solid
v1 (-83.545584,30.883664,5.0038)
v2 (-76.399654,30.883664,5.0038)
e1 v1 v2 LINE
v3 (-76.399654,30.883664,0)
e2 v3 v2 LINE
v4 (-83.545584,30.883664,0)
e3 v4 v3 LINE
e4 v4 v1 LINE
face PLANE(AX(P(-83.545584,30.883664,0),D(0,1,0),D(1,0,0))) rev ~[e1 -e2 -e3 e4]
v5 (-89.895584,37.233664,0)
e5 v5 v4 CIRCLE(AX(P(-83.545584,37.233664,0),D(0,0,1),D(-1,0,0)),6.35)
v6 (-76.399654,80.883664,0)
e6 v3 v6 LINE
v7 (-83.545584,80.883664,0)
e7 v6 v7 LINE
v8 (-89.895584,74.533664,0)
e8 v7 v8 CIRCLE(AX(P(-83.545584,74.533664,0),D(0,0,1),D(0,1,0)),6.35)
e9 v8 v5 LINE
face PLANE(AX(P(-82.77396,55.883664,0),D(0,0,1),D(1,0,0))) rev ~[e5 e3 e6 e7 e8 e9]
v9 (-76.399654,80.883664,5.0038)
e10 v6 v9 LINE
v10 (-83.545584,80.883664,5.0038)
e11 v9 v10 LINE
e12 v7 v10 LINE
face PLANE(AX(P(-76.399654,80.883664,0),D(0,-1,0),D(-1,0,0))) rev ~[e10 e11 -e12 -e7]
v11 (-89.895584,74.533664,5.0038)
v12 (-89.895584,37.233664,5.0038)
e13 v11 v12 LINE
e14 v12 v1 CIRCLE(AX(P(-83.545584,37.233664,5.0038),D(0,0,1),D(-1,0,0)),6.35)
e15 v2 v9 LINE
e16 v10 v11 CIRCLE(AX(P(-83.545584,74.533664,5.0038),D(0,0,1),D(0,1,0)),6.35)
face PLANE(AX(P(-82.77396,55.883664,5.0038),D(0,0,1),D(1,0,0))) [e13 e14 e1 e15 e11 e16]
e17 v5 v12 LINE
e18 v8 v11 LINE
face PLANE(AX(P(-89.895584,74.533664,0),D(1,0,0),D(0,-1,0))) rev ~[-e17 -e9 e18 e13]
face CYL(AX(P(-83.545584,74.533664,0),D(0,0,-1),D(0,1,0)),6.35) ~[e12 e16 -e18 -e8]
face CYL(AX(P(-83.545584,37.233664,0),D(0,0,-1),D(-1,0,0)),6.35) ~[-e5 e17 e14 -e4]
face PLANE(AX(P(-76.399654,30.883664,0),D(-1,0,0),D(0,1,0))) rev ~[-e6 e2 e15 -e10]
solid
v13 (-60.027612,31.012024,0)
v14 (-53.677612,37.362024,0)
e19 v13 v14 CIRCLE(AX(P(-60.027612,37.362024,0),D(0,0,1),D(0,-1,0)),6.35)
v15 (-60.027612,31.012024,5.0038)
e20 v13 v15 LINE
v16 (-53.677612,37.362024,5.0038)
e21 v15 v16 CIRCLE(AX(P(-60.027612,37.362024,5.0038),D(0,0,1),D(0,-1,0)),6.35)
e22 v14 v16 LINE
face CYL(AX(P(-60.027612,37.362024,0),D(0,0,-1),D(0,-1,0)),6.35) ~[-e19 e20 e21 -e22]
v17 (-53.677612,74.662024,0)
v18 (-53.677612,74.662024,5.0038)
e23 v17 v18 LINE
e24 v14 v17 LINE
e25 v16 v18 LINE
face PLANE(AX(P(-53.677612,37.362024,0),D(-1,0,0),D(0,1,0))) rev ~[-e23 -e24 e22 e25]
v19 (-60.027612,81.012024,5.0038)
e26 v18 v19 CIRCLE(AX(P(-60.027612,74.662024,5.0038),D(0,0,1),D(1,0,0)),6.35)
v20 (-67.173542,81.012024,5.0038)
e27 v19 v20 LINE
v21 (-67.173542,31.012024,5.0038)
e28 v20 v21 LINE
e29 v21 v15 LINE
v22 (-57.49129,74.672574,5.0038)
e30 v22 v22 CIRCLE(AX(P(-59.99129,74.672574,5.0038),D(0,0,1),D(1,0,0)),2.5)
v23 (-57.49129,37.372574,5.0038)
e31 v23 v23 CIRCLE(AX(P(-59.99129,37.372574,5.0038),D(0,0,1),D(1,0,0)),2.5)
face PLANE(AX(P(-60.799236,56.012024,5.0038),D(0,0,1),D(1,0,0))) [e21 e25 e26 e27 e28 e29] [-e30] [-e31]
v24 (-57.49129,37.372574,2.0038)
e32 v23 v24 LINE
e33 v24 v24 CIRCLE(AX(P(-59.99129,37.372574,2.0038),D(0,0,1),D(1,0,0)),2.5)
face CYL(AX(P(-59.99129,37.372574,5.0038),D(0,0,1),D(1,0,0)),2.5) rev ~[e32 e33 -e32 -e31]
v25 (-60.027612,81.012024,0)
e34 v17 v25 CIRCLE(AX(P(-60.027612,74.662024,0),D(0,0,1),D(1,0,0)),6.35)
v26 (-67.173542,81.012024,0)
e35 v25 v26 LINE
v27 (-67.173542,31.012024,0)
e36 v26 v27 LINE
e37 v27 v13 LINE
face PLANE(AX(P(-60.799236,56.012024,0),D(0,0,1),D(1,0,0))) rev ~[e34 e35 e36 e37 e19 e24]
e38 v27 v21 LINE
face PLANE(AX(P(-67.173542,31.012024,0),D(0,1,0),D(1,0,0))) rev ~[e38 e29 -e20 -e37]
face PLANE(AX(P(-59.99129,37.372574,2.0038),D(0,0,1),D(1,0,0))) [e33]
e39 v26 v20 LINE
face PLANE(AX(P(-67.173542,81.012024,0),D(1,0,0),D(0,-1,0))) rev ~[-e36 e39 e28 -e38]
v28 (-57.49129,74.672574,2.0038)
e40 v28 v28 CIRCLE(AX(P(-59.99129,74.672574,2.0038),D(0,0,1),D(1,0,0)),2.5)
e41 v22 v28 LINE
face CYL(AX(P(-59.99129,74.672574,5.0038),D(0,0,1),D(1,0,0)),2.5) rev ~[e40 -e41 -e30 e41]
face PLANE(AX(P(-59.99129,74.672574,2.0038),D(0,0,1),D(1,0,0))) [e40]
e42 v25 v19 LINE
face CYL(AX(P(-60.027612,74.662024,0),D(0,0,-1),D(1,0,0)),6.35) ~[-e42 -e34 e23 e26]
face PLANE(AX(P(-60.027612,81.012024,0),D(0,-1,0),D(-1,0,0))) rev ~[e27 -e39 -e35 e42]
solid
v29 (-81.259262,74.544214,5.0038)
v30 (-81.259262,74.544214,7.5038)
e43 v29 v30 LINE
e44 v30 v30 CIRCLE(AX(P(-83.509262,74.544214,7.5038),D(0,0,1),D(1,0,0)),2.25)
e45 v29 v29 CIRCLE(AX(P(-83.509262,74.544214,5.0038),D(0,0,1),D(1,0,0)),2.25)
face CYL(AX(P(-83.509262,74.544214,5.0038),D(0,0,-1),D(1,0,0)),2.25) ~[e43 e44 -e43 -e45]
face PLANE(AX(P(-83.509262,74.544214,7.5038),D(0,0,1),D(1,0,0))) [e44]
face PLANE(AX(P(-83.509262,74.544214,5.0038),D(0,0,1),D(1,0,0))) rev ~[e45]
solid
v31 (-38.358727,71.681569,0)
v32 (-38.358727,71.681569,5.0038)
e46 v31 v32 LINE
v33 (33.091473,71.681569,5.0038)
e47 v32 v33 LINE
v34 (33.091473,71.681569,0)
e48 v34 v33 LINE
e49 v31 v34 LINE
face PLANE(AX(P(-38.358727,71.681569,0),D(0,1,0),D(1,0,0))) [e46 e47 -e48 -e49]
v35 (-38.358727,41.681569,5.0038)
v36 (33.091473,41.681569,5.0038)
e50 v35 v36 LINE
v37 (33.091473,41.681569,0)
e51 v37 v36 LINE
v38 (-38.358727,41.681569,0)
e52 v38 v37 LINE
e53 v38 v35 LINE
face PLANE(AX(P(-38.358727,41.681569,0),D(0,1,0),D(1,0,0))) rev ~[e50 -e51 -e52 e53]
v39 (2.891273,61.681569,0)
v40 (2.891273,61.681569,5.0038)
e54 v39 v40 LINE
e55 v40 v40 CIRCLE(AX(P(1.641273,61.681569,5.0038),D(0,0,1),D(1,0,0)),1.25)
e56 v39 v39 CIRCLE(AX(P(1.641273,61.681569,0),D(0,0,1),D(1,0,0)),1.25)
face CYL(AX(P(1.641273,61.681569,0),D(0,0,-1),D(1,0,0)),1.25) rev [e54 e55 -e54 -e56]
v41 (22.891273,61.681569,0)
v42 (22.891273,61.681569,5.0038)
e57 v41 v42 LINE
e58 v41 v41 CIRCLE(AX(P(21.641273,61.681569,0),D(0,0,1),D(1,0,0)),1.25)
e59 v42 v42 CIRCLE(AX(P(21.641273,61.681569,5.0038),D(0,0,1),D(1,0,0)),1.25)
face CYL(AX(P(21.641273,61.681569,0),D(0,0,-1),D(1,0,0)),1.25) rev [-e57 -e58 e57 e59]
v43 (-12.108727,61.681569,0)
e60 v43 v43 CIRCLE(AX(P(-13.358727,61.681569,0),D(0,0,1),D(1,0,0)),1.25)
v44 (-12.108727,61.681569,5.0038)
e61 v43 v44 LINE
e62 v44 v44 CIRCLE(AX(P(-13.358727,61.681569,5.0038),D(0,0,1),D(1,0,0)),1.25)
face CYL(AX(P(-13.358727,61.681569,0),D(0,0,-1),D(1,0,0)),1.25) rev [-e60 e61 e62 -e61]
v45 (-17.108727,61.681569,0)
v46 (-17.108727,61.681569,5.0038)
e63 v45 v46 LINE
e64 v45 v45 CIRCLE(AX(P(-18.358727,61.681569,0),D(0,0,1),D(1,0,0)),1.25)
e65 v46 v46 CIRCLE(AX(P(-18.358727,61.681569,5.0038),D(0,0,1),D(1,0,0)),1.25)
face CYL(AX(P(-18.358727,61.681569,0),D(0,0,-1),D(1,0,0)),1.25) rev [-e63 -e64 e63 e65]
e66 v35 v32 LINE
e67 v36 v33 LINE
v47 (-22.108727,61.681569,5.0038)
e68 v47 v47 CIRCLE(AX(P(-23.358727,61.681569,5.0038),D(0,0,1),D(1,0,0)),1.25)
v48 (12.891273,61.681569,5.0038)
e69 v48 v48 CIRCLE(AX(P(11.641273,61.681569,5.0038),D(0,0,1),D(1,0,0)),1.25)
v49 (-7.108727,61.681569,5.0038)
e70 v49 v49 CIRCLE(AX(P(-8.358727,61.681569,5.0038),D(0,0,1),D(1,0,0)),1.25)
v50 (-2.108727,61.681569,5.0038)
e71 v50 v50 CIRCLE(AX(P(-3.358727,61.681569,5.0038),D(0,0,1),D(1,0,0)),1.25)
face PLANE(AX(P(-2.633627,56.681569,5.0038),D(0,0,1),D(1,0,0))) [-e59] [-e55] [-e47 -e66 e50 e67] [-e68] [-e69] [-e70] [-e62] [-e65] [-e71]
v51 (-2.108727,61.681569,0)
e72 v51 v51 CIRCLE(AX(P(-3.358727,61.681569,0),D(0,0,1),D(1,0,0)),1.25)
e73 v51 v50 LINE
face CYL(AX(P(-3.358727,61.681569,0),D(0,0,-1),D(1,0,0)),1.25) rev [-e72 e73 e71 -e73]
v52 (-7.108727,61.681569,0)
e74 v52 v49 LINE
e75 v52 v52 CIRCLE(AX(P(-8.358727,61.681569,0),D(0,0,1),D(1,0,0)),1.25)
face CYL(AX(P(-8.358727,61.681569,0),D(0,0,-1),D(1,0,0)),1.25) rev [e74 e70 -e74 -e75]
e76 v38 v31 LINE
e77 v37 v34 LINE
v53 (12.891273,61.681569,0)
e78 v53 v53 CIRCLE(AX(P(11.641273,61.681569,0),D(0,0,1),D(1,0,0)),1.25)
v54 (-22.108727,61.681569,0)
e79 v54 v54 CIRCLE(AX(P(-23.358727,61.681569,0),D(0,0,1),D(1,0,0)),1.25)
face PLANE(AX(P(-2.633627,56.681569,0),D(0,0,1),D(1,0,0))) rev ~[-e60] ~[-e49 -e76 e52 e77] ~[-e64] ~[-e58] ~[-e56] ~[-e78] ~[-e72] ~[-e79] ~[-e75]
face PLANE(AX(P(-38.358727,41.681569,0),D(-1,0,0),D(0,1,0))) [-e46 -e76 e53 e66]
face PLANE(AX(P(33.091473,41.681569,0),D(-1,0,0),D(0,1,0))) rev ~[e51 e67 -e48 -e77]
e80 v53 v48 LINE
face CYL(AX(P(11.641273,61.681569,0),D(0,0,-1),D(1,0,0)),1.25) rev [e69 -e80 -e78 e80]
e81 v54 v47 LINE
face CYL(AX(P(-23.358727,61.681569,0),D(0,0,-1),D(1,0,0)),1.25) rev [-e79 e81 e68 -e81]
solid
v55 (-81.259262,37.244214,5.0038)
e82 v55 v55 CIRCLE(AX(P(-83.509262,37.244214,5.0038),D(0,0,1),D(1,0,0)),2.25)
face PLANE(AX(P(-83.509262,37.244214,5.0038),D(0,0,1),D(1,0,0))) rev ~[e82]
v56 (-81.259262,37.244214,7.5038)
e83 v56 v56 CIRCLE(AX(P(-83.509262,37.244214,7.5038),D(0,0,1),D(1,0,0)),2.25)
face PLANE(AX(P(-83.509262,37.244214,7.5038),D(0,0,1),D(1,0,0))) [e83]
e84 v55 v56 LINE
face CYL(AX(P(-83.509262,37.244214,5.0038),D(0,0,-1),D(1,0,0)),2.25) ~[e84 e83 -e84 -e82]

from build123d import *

# Parameters (mm, degrees)
F0_R     = 2.25
F1_DEPTH = 5.0038
F0_R_2   = 2.5
F0_W     = 71.4502
F0_H     = 30
F0_R_3   = 1.25
F2_R     = 2.25
F3_DEPTH = 2.5
F2_R_2   = 2.5
F4_DEPTH = 3


with BuildPart() as f1:
    # F0 (on Top) → F1 (new body)
    with BuildSketch(Plane.XY):
        with BuildLine():
            Line((-76.39965415, 80.8836642653), (-83.5455836892, 80.8836642653))
            ThreePointArc((-83.5455836892, 80.8836642653), (-88.0357117497, 79.0237923258), (-89.8955836892, 74.5336642653))
            Line((-89.8955836892, 74.5336642653), (-89.8955836892, 37.2336642653))
            ThreePointArc((-89.8955836892, 37.2336642653), (-88.0357117497, 32.7435362047), (-83.5455836892, 30.8836642653))
            Line((-83.5455836892, 30.8836642653), (-76.39965415, 30.8836642653))
            Line((-76.39965415, 30.8836642653), (-76.39965415, 80.8836642653))
        make_face()
        with Locations((-83.5455836892, 37.2336642653)):
            Circle(F0_R, mode=Mode.SUBTRACT)
        with Locations((-83.5455836892, 74.5336642653)):
            Circle(F0_R, mode=Mode.SUBTRACT)
        with Locations((-83.5455836892, 74.5336642653)):
            Circle(F0_R)
        with Locations((-83.5455836892, 37.2336642653)):
            Circle(F0_R)
    extrude(amount=F1_DEPTH)


with BuildPart() as f1b:
    # F0 (on Top) → F1, piece 2 (new body)
    with BuildSketch(Plane.XY):
        with BuildLine():
            Line((-67.1735417016, 31.0120239854), (-60.0276121624, 31.0120239854))
            ThreePointArc((-60.0276121624, 31.0120239854), (-55.5374841019, 32.8718959249), (-53.6776121624, 37.3620239854))
            Line((-53.6776121624, 37.3620239854), (-53.6776121624, 74.6620239854))
            ThreePointArc((-53.6776121624, 74.6620239854), (-55.5374841019, 79.1521520459), (-60.0276121624, 81.0120239854))
            Line((-60.0276121624, 81.0120239854), (-67.1735417016, 81.0120239854))
            Line((-67.1735417016, 81.0120239854), (-67.1735417016, 31.0120239854))
        make_face()
        with Locations((-60.0276121624, 37.3620239854)):
            Circle(F0_R_2, mode=Mode.SUBTRACT)
        with Locations((-60.0276121624, 74.6620239854)):
            Circle(F0_R_2, mode=Mode.SUBTRACT)
        with Locations((-60.0276121624, 37.3620239854)):
            Circle(F0_R_2)
        with Locations((-60.0276121624, 74.6620239854)):
            Circle(F0_R_2)
    extrude(amount=F1_DEPTH)

    # F2 (on face) → F4 (cut)
    with BuildSketch(Plane.XY.offset(5.0038)):
        with Locations((-59.9912900273, 74.6725738212)):
            Circle(F2_R_2)
        with Locations((-59.9912900273, 37.3725738212)):
            Circle(F2_R_2)
    extrude(amount=-F4_DEPTH, mode=Mode.SUBTRACT)


with BuildPart() as f1c:
    # F0 (on Top) → F1, piece 3 (new body)
    with BuildSketch(Plane.XY):
        with Locations((-2.6336273854, 56.6815690561)):
            Rectangle(F0_W, F0_H)
        with Locations((-23.3587273854, 61.6815690561)):
            Circle(F0_R_3, mode=Mode.SUBTRACT)
        with Locations((-18.3587273854, 61.6815690561)):
            Circle(F0_R_3, mode=Mode.SUBTRACT)
        with Locations((-13.3587273854, 61.6815690561)):
            Circle(F0_R_3, mode=Mode.SUBTRACT)
        with Locations((-8.3587273854, 61.6815690561)):
            Circle(F0_R_3, mode=Mode.SUBTRACT)
        with Locations((-3.3587273854, 61.6815690561)):
            Circle(F0_R_3, mode=Mode.SUBTRACT)
        with Locations((1.6412726146, 61.6815690561)):
            Circle(F0_R_3, mode=Mode.SUBTRACT)
        with Locations((11.6412726146, 61.6815690561)):
            Circle(F0_R_3, mode=Mode.SUBTRACT)
        with Locations((21.6412726146, 61.6815690561)):
            Circle(F0_R_3, mode=Mode.SUBTRACT)
    extrude(amount=F1_DEPTH)


with BuildPart() as f3:
    # F2 (on face) → F3 (new body)
    with BuildSketch(Plane.XY.offset(5.0038)):
        with Locations((-83.5092615541, 74.5442141011)):
            Circle(F2_R)
    extrude(amount=F3_DEPTH)


with BuildPart() as f3b:
    # F2 (on face) → F3, piece 2 (new body)
    with BuildSketch(Plane.XY.offset(5.0038)):
        with Locations((-83.5092615541, 37.2442141011)):
            Circle(F2_R)
    extrude(amount=F3_DEPTH)


solid = Compound([f1.part, f1b.part, f1c.part, f3.part, f3b.part])
